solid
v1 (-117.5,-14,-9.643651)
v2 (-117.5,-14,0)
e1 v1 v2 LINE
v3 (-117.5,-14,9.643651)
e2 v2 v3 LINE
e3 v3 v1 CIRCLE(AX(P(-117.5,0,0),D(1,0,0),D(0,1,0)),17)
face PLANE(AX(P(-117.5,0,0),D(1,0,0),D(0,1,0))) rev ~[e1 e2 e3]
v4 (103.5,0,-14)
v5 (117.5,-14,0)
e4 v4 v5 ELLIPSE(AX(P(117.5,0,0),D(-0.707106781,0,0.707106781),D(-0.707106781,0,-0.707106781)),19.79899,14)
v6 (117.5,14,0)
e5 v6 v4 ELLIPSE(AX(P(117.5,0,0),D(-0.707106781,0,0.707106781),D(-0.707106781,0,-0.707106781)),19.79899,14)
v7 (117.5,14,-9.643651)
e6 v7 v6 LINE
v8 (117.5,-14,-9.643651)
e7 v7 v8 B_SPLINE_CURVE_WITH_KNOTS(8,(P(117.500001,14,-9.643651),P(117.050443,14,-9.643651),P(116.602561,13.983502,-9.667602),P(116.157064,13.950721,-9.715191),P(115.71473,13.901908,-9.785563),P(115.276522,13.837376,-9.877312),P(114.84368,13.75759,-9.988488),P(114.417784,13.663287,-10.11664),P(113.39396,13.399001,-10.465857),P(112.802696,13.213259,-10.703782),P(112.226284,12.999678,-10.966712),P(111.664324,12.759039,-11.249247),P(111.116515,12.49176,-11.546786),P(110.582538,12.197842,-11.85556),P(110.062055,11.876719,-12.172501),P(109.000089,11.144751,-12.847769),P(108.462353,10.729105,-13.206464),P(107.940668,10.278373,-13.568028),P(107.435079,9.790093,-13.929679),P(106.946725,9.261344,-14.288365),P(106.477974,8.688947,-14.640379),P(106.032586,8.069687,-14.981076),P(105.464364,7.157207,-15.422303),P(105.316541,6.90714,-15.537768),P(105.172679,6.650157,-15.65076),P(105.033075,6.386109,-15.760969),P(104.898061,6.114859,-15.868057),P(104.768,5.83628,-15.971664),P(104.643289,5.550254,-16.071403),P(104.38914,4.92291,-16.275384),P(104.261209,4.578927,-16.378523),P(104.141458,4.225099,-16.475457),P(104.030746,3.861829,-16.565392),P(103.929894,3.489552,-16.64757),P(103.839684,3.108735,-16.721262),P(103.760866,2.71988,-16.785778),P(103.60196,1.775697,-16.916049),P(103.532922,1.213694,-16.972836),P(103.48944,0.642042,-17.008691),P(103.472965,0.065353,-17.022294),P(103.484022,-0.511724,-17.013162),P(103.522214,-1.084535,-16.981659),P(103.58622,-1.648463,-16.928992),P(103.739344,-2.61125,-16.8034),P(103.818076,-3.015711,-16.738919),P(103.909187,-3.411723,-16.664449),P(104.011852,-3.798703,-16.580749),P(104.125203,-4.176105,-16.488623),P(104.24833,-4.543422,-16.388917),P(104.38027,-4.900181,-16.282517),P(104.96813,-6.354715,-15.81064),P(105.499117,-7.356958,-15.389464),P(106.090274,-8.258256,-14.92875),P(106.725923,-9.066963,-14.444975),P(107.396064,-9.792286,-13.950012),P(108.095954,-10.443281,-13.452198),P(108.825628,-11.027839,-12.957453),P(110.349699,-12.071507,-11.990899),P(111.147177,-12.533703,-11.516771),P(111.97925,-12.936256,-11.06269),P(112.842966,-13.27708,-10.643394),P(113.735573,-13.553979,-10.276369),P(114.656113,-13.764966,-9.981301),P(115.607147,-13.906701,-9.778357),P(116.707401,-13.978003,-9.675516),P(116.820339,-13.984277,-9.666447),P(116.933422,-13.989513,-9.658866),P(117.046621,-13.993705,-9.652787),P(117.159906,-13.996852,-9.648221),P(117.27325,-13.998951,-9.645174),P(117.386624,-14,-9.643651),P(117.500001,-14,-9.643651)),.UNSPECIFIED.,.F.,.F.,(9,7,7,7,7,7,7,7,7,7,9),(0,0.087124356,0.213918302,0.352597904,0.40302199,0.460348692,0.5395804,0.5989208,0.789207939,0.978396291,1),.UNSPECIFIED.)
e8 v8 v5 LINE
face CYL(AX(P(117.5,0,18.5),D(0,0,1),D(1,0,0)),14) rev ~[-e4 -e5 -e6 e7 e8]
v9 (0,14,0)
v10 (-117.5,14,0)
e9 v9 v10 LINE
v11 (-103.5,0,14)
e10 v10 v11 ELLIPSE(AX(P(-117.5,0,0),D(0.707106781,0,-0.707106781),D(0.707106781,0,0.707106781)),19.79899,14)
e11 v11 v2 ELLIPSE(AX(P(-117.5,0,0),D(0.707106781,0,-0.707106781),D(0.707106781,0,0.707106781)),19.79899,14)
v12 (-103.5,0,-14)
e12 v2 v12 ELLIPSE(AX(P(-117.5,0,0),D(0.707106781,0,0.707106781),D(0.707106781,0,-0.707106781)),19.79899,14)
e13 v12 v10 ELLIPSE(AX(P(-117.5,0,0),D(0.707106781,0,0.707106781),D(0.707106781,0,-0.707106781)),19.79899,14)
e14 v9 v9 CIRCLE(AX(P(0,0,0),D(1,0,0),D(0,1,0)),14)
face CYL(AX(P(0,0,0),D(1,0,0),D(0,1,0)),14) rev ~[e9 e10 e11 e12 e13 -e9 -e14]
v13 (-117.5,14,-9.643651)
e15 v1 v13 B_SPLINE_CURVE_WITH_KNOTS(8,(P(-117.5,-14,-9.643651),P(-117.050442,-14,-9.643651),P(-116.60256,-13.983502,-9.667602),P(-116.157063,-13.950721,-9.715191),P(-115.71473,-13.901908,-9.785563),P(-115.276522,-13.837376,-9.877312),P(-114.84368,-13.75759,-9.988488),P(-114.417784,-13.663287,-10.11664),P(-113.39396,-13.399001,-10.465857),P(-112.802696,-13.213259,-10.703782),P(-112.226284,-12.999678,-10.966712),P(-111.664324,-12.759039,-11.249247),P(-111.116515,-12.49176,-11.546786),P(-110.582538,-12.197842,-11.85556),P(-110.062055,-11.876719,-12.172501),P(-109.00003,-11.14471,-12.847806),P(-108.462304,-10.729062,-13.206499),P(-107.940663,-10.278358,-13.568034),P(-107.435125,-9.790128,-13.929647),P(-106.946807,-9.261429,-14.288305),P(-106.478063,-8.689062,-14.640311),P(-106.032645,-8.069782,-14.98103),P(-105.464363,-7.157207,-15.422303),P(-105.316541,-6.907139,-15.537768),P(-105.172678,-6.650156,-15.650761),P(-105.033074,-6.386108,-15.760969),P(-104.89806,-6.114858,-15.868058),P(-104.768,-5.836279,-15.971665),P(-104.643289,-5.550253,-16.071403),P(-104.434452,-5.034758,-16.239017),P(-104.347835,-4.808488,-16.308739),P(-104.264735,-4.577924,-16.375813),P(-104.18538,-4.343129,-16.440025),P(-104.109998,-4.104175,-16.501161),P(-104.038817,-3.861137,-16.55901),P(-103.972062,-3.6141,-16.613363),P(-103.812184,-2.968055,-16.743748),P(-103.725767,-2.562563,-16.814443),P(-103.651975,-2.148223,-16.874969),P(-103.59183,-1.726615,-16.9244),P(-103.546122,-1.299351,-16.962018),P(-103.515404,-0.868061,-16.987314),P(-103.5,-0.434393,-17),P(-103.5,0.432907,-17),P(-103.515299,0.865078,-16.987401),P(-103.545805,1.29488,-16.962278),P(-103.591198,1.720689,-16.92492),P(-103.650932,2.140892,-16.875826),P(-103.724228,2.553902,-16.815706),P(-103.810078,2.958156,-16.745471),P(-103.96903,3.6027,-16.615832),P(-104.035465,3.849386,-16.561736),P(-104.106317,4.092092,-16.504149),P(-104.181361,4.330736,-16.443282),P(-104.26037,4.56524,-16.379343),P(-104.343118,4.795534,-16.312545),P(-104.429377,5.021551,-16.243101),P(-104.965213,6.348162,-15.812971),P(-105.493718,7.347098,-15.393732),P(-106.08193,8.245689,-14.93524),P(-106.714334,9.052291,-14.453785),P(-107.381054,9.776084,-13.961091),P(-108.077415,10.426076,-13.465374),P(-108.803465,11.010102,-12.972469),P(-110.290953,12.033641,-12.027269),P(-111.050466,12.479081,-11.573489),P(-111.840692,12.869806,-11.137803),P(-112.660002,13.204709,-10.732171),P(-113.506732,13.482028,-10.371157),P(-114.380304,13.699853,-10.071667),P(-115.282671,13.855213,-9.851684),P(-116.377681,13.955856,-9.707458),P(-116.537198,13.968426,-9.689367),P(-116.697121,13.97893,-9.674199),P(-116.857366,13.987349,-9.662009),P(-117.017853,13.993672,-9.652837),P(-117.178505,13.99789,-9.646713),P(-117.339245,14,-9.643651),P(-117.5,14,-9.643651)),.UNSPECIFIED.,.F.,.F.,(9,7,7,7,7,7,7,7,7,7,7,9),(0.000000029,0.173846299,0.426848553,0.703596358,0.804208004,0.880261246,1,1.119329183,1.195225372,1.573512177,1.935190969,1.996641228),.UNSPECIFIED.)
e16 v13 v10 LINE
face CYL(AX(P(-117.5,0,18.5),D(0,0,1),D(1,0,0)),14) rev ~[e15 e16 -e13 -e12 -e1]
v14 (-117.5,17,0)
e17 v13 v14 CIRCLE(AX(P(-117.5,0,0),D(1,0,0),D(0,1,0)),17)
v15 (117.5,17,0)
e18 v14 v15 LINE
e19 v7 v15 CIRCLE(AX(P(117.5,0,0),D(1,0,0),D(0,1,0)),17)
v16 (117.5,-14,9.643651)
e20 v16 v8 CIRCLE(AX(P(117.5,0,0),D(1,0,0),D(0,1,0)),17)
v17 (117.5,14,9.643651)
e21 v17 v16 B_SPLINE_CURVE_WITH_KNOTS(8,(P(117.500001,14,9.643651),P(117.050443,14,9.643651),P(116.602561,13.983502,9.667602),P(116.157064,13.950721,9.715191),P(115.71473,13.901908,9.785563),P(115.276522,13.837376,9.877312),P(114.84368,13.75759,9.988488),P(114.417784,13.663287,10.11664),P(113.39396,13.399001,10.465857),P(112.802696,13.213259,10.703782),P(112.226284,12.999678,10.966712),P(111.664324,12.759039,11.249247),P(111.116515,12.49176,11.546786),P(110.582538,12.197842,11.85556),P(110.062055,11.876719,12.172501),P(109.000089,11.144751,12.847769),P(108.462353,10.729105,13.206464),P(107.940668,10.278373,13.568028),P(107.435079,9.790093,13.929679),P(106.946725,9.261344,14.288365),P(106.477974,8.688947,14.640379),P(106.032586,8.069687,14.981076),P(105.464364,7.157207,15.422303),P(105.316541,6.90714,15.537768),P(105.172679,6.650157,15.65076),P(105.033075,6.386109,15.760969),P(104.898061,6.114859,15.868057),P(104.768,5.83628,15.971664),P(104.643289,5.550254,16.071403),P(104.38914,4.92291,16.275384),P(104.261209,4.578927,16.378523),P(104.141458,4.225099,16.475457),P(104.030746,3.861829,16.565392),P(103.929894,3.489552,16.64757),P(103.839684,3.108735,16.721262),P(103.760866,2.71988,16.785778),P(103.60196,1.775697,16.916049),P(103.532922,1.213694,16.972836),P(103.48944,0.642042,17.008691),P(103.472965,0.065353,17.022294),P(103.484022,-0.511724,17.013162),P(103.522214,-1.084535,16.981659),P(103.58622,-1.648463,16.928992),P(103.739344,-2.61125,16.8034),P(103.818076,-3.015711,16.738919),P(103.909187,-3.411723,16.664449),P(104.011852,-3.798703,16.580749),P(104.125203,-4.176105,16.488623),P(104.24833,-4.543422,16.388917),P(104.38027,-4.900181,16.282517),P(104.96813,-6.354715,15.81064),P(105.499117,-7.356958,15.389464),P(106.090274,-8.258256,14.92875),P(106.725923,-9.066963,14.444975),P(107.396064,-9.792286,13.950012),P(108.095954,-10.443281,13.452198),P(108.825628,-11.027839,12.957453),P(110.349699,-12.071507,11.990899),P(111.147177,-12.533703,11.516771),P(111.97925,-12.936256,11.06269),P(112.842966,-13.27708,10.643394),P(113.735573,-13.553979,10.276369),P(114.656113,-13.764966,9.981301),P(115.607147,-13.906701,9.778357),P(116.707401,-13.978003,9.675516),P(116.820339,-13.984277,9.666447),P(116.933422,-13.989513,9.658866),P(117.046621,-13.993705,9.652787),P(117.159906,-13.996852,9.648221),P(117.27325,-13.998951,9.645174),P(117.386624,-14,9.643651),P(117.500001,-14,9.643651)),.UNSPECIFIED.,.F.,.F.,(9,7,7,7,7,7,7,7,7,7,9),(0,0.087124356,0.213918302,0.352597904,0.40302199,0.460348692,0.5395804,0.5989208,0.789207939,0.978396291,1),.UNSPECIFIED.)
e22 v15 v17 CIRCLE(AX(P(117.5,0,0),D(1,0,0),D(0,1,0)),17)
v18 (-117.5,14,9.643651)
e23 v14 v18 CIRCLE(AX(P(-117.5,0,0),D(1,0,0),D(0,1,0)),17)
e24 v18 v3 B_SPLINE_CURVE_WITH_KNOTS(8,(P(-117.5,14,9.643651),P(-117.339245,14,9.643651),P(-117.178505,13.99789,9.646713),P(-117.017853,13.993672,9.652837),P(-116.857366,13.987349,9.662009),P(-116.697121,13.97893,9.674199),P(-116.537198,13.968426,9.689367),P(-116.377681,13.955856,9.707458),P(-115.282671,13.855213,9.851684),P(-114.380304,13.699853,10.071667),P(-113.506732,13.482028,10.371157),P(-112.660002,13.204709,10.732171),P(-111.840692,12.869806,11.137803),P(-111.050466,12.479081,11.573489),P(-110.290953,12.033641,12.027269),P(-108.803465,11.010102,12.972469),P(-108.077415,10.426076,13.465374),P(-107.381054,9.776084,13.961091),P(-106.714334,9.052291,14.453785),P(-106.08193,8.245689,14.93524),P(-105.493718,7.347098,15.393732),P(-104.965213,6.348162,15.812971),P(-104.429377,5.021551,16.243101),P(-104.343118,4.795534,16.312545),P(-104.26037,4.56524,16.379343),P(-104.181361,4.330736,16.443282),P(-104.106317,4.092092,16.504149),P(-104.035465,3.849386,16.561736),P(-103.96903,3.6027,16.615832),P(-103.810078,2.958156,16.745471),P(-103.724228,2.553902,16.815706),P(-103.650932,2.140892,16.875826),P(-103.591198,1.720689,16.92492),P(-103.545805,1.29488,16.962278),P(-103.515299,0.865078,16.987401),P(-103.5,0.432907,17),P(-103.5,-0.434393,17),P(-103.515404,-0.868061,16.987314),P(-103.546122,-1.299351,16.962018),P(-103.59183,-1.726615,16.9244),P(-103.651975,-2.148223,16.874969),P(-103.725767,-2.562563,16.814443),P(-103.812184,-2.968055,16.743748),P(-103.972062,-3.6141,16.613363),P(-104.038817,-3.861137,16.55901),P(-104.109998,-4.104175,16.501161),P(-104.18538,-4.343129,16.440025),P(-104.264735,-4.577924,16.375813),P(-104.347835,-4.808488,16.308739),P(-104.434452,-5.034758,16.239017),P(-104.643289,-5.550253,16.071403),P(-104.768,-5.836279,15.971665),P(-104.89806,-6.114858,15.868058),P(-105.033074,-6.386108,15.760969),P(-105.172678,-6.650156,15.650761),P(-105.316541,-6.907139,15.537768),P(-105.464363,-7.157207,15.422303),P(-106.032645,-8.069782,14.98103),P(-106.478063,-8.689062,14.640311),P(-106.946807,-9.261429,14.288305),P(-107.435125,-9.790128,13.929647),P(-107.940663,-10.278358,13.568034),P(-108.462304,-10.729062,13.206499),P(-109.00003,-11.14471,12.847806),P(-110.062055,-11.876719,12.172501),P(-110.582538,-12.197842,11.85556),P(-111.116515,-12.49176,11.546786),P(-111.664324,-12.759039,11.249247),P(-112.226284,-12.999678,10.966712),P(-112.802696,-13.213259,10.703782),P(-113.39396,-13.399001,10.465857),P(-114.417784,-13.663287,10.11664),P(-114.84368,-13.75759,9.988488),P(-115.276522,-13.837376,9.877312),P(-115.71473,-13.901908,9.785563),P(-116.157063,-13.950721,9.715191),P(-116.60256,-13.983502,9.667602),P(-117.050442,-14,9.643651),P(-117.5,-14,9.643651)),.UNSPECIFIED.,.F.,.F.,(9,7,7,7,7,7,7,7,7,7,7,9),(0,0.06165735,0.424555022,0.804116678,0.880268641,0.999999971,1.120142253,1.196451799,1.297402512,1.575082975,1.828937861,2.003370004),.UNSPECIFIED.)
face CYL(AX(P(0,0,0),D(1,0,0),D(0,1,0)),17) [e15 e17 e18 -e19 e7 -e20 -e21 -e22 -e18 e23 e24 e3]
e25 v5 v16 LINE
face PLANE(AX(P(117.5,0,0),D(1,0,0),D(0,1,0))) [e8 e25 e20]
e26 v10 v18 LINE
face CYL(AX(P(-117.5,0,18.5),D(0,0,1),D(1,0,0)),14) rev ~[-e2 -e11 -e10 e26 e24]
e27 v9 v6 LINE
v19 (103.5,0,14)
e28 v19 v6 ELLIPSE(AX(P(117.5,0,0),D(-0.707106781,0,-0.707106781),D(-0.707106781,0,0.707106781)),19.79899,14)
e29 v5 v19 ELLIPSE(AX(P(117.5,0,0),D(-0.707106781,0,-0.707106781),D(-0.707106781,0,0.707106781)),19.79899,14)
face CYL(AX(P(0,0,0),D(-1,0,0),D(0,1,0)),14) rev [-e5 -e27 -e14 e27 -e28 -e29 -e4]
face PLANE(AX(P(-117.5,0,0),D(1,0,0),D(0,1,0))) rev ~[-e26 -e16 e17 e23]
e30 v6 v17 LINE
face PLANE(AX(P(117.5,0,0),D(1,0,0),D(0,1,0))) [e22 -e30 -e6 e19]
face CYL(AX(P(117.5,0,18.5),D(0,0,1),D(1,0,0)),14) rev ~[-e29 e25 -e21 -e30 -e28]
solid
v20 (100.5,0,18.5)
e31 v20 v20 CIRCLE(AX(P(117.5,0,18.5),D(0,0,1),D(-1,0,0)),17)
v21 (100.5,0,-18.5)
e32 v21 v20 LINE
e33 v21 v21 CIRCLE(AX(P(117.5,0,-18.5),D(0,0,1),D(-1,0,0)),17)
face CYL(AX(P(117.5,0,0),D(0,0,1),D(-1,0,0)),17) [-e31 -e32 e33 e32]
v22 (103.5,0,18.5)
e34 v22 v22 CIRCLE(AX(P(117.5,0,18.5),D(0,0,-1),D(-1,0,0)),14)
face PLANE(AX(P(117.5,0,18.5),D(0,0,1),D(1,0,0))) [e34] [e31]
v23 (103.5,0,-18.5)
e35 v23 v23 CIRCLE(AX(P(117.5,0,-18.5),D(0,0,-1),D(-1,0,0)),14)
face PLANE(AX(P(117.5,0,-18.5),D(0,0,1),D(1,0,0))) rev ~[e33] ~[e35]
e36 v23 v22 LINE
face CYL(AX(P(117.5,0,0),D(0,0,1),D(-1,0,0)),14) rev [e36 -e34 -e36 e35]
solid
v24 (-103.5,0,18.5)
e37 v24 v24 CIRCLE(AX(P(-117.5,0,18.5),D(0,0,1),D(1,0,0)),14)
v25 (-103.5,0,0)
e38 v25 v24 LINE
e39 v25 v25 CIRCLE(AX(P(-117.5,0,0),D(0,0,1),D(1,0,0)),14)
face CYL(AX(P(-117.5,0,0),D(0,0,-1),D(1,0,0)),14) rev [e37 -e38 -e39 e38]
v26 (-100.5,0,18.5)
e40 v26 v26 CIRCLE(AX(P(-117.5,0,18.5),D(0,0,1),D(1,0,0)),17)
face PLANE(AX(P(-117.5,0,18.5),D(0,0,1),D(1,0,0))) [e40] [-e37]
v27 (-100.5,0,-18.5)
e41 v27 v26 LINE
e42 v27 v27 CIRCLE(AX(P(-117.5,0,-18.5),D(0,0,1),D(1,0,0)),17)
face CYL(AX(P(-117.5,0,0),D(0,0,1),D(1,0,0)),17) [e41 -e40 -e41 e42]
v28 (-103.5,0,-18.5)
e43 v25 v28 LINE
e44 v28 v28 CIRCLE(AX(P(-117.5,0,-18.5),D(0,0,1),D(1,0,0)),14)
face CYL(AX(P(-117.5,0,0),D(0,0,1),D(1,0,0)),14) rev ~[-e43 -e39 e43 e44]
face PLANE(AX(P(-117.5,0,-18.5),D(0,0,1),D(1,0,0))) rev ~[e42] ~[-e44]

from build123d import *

# Parameters (mm, degrees)
F0_R          = 17
F0_R_2        = 14
F1_DEPTH      = 18.5
F1_DEPTH_BACK = 18.5
F3_R          = 17
F3_R_2        = 14
F4_DEPTH      = 117.5
F4_DEPTH_BACK = 117.5
F5_R          = 14
F6_DEPTH      = 60


with BuildPart() as f1:
    # F0 (on Top) → F1 (new body, two sides)
    with BuildSketch(Plane.XY) as f1_sk:
        with Locations((-117.5, 0)):
            Circle(F0_R)
        with Locations((-117.5, 0)):
            Circle(F0_R_2, mode=Mode.SUBTRACT)
    extrude(amount=F1_DEPTH)
    extrude(f1_sk.sketch, amount=-F1_DEPTH_BACK)


with BuildPart() as f1b:
    # F0 (on Top) → F1, piece 2 (new body, two sides)
    with BuildSketch(Plane.XY) as f1_2_sk:
        with BuildLine():
            ThreePointArc((134.5, 0), (117.5, 17), (100.5, 0))
            ThreePointArc((100.5, 0), (117.5, -17), (134.5, 0))
        make_face()
        with BuildLine():
            ThreePointArc((131.5, 0), (117.5, -14), (103.5, 0))
            ThreePointArc((103.5, 0), (117.5, 14), (131.5, 0))
        make_face(mode=Mode.SUBTRACT)
    extrude(amount=F1_DEPTH)
    extrude(f1_2_sk.sketch, amount=-F1_DEPTH_BACK)


with BuildPart() as f4:
    # F3 (on line) → F4 (new body, two sides)
    with BuildSketch(Plane.YZ) as f4_sk:
        Circle(F3_R)
        Circle(F3_R_2, mode=Mode.SUBTRACT)
    extrude(amount=F4_DEPTH)
    extrude(f4_sk.sketch, amount=-F4_DEPTH_BACK)

    # F5 (on face) → F6 (cut)
    with BuildSketch(Plane.XY.offset(18.5)):
        with Locations((-117.5, 0)):
            Circle(F5_R)
        with Locations((117.5, 0)):
            Circle(F5_R)
    extrude(amount=-F6_DEPTH, mode=Mode.SUBTRACT)


solid = Compound([f1.part, f1b.part, f4.part])
